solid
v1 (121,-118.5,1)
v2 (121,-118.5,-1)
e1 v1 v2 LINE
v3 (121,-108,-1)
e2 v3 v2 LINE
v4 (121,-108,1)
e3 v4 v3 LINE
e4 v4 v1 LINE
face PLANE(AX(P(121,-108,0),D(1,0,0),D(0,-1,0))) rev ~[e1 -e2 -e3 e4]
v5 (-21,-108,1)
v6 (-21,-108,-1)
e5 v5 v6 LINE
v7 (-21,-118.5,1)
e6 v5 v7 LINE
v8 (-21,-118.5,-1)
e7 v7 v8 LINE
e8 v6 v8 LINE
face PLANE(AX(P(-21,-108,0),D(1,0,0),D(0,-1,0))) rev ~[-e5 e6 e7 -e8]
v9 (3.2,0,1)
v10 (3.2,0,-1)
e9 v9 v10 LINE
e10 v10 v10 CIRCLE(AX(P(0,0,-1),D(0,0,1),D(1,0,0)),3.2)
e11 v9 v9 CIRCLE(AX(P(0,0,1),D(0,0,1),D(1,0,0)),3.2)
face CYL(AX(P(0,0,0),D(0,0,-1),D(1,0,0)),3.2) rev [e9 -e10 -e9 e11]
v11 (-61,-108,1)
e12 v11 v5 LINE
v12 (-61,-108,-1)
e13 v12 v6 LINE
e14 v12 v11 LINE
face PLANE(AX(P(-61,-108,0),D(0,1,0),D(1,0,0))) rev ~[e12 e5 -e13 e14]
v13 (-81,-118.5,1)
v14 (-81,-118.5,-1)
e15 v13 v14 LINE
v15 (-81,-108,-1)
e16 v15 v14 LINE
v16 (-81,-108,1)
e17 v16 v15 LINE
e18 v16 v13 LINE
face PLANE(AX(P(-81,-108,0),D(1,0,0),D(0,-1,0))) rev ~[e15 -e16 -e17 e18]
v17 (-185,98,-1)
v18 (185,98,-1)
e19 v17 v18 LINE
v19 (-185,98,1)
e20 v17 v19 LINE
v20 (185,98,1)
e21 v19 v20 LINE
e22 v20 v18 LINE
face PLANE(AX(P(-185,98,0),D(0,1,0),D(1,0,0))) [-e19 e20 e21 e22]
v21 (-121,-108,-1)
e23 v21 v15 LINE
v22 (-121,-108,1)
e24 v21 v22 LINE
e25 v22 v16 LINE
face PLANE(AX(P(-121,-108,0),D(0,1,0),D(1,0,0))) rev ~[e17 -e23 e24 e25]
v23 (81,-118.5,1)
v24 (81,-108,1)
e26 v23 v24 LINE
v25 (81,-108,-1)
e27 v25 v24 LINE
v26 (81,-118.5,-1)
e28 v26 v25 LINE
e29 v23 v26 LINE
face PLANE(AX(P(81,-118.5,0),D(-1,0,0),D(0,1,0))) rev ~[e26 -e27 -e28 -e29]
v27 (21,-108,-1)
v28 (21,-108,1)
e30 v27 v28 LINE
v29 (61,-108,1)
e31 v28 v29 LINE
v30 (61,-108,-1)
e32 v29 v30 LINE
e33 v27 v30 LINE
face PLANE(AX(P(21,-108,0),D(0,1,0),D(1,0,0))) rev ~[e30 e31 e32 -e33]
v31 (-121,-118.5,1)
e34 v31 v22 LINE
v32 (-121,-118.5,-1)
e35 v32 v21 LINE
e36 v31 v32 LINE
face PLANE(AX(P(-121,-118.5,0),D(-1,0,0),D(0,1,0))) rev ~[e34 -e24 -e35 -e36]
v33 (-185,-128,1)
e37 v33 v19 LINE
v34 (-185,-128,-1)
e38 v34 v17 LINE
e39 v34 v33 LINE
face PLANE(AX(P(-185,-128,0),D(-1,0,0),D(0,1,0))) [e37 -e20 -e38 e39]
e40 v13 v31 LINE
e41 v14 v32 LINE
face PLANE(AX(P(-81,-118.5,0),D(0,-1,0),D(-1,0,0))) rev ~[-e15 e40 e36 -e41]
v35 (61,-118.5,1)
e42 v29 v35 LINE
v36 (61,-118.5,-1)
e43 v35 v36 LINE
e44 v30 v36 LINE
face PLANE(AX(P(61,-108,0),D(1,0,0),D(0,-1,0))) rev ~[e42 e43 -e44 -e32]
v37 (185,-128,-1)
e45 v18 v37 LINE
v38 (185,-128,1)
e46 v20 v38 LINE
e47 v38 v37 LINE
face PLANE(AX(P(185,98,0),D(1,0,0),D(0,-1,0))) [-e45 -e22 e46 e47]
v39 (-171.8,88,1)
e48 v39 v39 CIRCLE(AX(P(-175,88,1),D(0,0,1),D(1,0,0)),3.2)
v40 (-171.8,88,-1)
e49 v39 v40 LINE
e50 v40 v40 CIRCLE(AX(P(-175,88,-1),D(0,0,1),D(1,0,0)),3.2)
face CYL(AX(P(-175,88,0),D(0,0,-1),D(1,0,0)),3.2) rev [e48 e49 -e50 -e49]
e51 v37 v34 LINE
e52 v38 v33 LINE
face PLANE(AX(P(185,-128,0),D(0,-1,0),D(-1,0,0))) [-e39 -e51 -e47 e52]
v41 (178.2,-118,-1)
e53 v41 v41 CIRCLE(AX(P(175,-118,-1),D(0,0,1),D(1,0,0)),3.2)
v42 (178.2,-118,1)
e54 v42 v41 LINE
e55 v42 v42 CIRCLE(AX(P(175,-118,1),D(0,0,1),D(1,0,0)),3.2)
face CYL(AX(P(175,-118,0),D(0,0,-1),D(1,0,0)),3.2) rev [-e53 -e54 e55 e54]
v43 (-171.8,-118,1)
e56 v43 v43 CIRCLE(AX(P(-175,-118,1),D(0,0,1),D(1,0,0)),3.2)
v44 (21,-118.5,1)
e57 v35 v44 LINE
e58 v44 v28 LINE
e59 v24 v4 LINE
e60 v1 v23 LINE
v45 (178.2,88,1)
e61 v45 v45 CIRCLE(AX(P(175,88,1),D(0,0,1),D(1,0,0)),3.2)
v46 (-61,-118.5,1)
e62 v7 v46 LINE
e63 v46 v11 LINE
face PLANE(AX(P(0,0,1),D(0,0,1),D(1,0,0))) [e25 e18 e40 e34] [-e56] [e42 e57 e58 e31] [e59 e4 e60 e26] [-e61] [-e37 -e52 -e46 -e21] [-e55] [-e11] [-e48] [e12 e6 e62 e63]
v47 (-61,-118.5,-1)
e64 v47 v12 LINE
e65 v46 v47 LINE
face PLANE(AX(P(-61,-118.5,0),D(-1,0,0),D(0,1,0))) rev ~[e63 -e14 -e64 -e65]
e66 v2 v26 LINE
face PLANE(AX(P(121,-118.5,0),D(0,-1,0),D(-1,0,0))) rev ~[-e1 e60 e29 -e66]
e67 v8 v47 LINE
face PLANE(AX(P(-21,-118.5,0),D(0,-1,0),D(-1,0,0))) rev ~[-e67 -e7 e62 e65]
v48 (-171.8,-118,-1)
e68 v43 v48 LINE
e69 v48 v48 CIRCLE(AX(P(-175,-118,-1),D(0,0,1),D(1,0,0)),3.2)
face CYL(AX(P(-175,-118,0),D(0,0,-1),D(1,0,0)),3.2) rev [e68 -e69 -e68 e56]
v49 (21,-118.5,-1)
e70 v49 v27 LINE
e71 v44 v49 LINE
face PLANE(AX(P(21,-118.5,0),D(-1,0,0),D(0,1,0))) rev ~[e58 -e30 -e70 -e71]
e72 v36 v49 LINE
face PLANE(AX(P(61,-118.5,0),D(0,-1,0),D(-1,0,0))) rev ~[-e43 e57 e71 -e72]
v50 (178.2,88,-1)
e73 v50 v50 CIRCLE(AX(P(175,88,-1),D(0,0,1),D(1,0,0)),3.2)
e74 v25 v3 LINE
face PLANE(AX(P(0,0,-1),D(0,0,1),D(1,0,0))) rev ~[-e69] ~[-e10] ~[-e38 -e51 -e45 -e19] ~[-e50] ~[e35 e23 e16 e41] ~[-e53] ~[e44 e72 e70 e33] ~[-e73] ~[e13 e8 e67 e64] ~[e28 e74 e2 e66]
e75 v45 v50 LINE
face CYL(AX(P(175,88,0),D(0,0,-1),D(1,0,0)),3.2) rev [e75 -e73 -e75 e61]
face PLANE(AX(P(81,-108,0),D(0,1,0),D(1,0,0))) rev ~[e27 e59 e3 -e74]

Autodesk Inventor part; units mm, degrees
ref_plane "YZ Plane" through (0, 0, 0) normal (1, 0, 0) x (0, 1, 0)
ref_plane "XZ Plane" through (0, 0, 0) normal (0, 1, 0) x (-1, 0, 0)
ref_plane "XY Plane" through (0, 0, 0) normal (0, 0, 1) x (1, 0, 0)
sketch "Sketch2" plane through (0, 0, 0) normal (0, 0, 1) x (1, 0, 0)
  circle A0 centre (175, 88) radius 3.2
  circle A1 centre (175, -118) radius 3.2
  circle A2 centre (-175, -118) radius 3.2
  circle A3 centre (-175, 88) radius 3.2
  line L0 (-185, 98) -> (185, 98)
  line L1 (185, 98) -> (185, -128)
  line L2 (185, -128) -> (-185, -128)
  line L3 (-185, -128) -> (-185, 98)
  line L4 (-121, -108) -> (-81, -108)
  line L5 (-81, -108) -> (-81, -118.5)
  line L6 (-81, -118.5) -> (-121, -118.5)
  line L7 (-121, -118.5) -> (-121, -108)
  line L8 (-61, -108) -> (-21, -108)
  line L9 (-21, -108) -> (-21, -118.5)
  line L10 (-21, -118.5) -> (-61, -118.5)
  line L11 (-61, -118.5) -> (-61, -108)
  line L12 (21, -108) -> (61, -108)
  line L13 (61, -108) -> (61, -118.5)
  line L14 (61, -118.5) -> (21, -118.5)
  line L15 (21, -118.5) -> (21, -108)
  line L16 (81, -108) -> (121, -108)
  line L17 (121, -108) -> (121, -118.5)
  line L18 (121, -118.5) -> (81, -118.5)
  line L19 (81, -118.5) -> (81, -108)
  circle A4 centre (0, 0) radius 3.2
extrude "Extrusion2" add sketch "Sketch2" along normal mid plane 2
properties part number "bottom_plate"
